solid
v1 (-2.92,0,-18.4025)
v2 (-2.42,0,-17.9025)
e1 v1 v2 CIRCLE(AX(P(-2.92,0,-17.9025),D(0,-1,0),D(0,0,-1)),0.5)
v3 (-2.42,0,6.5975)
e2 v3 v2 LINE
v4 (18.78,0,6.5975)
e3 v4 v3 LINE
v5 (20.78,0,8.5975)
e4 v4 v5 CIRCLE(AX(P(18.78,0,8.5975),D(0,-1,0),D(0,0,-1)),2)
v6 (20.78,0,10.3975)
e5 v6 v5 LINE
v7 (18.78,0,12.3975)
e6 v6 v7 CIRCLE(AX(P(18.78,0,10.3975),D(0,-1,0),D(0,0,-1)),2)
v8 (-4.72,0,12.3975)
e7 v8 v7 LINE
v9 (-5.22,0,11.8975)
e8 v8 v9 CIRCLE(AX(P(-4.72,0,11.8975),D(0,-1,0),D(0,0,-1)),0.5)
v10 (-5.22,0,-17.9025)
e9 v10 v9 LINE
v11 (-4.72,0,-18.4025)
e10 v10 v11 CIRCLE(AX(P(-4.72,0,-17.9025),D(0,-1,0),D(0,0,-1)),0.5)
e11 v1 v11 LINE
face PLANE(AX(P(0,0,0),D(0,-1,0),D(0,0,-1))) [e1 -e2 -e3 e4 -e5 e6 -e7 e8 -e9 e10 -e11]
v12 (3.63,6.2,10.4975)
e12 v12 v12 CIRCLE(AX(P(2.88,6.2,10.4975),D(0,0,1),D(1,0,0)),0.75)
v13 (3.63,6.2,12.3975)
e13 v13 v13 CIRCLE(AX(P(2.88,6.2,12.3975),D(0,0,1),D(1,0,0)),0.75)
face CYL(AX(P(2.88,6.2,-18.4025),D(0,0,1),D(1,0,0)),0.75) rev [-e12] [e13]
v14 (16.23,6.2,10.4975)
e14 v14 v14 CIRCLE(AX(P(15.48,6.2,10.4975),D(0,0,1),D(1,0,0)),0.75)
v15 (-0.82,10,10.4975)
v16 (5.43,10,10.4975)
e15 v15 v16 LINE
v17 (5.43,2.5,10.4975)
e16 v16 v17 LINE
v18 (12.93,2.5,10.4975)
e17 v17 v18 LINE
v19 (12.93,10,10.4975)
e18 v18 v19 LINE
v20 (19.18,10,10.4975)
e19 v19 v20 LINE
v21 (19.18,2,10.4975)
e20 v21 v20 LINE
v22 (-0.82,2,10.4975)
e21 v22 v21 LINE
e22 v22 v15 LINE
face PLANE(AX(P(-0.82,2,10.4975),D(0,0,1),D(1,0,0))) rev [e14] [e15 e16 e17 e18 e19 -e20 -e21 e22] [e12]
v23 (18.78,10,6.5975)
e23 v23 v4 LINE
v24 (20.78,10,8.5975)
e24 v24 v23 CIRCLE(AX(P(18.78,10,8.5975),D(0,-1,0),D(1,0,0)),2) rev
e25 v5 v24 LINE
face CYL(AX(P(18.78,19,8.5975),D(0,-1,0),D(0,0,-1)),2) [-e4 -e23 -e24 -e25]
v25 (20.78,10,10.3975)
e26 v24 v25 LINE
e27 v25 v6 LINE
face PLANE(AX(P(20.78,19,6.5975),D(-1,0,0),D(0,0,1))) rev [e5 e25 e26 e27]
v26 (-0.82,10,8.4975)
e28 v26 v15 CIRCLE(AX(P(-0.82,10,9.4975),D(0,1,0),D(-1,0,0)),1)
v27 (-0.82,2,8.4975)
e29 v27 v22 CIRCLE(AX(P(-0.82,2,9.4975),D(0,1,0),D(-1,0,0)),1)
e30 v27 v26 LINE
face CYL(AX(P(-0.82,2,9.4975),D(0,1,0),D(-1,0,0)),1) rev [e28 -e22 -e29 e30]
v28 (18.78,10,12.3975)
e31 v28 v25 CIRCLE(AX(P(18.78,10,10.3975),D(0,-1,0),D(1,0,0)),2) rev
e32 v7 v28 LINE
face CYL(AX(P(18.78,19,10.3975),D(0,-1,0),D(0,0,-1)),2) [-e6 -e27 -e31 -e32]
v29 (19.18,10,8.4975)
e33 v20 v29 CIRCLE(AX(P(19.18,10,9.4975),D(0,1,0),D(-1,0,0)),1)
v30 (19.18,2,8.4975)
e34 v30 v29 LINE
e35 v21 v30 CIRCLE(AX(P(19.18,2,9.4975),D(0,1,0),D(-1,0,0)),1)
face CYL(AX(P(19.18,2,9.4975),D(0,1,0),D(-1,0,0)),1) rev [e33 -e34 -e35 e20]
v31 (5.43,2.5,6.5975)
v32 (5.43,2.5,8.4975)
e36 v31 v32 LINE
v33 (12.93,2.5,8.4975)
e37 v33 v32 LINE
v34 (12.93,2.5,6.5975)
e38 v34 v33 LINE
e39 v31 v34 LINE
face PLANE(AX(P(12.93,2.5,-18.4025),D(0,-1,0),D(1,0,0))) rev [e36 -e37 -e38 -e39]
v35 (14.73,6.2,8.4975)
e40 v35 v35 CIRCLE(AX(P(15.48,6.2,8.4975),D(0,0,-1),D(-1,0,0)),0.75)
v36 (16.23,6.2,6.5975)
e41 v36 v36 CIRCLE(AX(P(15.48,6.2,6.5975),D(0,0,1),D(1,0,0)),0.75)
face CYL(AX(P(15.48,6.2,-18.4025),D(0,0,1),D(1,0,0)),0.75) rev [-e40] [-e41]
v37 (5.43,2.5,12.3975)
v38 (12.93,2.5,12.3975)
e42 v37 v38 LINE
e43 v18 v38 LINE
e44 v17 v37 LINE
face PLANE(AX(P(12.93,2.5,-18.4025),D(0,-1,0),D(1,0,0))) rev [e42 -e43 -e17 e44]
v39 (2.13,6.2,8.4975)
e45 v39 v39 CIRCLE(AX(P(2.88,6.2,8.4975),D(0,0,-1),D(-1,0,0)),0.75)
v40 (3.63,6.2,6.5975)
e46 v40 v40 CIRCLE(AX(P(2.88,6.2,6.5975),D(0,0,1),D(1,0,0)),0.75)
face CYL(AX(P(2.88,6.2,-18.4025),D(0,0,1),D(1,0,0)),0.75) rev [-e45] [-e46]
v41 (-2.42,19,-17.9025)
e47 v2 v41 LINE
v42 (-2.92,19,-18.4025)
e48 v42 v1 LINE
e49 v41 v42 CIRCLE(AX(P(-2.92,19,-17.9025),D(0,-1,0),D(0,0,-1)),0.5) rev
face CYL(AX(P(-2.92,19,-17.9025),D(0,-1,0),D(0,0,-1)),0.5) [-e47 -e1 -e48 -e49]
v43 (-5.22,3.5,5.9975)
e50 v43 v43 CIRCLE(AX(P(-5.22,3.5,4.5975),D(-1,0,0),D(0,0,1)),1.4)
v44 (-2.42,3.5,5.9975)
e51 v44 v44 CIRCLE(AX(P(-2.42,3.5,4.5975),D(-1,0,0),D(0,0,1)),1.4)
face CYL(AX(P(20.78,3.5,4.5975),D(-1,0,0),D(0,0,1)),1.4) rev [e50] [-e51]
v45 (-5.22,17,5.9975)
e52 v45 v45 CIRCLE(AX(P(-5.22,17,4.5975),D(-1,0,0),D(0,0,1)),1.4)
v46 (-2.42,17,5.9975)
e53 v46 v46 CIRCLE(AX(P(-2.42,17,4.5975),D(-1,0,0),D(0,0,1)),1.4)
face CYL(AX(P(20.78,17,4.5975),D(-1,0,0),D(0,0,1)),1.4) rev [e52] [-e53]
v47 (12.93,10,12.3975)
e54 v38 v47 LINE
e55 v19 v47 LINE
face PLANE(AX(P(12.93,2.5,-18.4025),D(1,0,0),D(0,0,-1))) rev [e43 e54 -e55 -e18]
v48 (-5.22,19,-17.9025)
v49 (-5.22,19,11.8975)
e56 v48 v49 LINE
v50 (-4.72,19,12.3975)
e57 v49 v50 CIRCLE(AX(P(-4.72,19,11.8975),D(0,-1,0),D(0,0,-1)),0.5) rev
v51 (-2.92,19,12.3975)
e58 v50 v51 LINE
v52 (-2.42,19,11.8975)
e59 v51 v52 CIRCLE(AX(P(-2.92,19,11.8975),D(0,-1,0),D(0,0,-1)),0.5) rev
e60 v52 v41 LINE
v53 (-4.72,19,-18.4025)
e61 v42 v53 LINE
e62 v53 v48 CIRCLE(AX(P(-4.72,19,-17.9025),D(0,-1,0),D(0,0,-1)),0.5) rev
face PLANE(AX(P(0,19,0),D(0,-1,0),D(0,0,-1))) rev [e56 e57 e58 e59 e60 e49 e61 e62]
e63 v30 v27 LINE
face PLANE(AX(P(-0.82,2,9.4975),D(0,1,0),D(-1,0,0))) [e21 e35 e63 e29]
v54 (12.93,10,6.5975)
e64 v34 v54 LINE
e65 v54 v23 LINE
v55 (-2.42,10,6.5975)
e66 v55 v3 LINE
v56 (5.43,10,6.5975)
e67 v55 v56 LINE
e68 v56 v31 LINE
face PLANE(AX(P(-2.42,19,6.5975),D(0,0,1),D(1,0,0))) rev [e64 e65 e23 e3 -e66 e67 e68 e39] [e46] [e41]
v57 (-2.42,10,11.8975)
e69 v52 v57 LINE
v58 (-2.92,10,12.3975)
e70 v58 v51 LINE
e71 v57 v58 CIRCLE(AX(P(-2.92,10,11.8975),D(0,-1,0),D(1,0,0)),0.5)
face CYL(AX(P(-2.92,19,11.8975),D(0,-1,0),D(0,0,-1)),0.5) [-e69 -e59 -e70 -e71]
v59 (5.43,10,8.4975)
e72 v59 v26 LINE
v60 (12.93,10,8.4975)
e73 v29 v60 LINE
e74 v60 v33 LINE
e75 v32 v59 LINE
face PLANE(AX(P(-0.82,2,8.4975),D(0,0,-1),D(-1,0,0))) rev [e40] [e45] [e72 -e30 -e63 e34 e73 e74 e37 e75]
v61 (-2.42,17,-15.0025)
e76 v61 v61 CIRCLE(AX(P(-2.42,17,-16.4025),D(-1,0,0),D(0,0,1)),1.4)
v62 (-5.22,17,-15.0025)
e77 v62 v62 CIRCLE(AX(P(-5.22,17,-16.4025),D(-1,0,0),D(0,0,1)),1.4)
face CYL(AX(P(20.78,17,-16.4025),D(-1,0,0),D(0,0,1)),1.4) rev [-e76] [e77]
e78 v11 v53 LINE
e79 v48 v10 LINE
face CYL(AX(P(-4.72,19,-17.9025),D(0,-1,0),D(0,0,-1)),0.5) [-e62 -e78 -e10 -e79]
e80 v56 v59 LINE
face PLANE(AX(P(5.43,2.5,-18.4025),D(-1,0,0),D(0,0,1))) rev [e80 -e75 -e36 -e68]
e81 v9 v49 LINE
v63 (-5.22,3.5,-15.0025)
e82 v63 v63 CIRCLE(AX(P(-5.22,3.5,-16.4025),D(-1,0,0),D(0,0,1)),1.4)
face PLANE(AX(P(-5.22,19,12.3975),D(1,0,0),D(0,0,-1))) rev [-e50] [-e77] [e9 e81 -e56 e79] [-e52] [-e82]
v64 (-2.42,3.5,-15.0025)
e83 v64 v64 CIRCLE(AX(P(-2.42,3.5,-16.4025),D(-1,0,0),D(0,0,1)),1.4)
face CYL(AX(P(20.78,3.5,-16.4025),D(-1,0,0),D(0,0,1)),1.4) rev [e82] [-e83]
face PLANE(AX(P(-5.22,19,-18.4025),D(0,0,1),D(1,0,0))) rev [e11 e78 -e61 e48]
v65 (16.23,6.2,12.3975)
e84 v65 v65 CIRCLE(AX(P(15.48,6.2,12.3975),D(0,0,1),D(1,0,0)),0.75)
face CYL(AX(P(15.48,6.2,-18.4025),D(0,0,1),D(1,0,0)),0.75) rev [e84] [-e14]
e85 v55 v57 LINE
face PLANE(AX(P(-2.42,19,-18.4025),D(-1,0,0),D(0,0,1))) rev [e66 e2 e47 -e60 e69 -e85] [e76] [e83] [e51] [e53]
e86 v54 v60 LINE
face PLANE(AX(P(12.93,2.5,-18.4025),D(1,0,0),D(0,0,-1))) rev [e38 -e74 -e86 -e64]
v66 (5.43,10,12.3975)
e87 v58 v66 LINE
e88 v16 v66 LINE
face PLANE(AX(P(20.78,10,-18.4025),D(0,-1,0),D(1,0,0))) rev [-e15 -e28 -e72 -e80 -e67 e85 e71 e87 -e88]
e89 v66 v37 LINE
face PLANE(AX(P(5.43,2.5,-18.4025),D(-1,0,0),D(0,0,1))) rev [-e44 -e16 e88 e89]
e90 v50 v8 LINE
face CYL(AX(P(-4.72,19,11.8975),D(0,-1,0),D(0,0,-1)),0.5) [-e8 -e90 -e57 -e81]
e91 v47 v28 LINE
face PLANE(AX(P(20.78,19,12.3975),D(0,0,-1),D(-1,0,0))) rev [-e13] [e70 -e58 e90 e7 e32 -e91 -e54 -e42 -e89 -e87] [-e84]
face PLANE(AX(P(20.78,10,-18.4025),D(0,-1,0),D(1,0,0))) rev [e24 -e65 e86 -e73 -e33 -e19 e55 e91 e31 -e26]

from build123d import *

# Parameters (mm, degrees)
EXTRUDE_1_DEPTH     = 19
SKETCH_3_W          = 23.2
SKETCH_3_H          = 9
CUT_EXTRUDE_2_DEPTH = 31.8
CUT_EXTRUDE_3_DEPTH = 8
SKETCH_5_W          = 7.5
SKETCH_5_H          = 7.5
CUT_EXTRUDE_4_DEPTH = 31.8
SKETCH_6_R          = 1.4
CUT_EXTRUDE_5_DEPTH = 27
SKETCH_7_R          = 0.75
CUT_EXTRUDE_6_DEPTH = 31.8
FILLET_2_R          = 0.5
FILLET_3_R          = 2
FILLET_4_R          = 0.5


with BuildPart() as part:
    # 草图1 → 凸台-拉伸1 (new body)
    with BuildSketch(Plane(origin=(0, 0, 0), x_dir=(1, 0, 0), z_dir=(0, 1, 0))):
        Polygon((-5.22, 18.4025), (-2.42, 18.4025), (-2.42, -6.5975), (20.78, -6.5975), (20.78, -12.3975), (-5.22, -12.3975), align=None)
    extrude(amount=EXTRUDE_1_DEPTH)

    # 草图3 → 切除-拉伸2 (cut, through all)
    with BuildSketch(Plane.XY.offset(12.3975)):
        with Locations((9.18, 14.5)):
            Rectangle(SKETCH_3_W, SKETCH_3_H)
    extrude(amount=-CUT_EXTRUDE_2_DEPTH, mode=Mode.SUBTRACT)

    # 草图4 → 切除-拉伸3 (cut)
    with BuildSketch(Plane(origin=(0, 10, 0), x_dir=(1, 0, 0), z_dir=(0, 1, 0))):
        with BuildLine():
            Line((-0.82, -8.4975), (19.18, -8.4975))
            ThreePointArc((19.18, -8.4975), (20.18, -9.4975), (19.18, -10.4975))
            Line((19.18, -10.4975), (-0.82, -10.4975))
            ThreePointArc((-0.82, -10.4975), (-1.82, -9.4975), (-0.82, -8.4975))
        make_face()
    extrude(amount=-CUT_EXTRUDE_3_DEPTH, mode=Mode.SUBTRACT)

    # 草图5 → 切除-拉伸4 (cut, through all)
    with BuildSketch(Plane.XY.offset(12.3975)):
        with Locations((9.18, 6.25)):
            Rectangle(SKETCH_5_W, SKETCH_5_H)
    extrude(amount=-CUT_EXTRUDE_4_DEPTH, mode=Mode.SUBTRACT)

    # 草图6 → 切除-拉伸5 (cut, through all)
    with BuildSketch(Plane.ZY.offset(5.22)):
        with Locations((-16.4025, 17)):
            Circle(SKETCH_6_R)
        with Locations((4.5975, 17)):
            Circle(SKETCH_6_R)
        with Locations((-16.4025, 3.5)):
            Circle(SKETCH_6_R)
        with Locations((4.5975, 3.5)):
            Circle(SKETCH_6_R)
    extrude(amount=-CUT_EXTRUDE_5_DEPTH, mode=Mode.SUBTRACT)

    # 草图7 → 切除-拉伸6 (cut, through all)
    with BuildSketch(Plane.XY.offset(12.3975)):
        with Locations((2.88, 6.2)):
            Circle(SKETCH_7_R)
        with Locations((15.48, 6.2)):
            Circle(SKETCH_7_R)
    extrude(amount=-CUT_EXTRUDE_6_DEPTH, mode=Mode.SUBTRACT)

    # 圆角2
    fillet_2_edges = [part.edges().sort_by_distance(p)[0] for p in [
        (-5.22, 9.5, -18.4025),
        (-2.42, 9.5, -18.4025),
        (-5.22, 9.5, 12.3975),
    ]]
    fillet(fillet_2_edges, radius=FILLET_2_R)

    # 圆角3
    fillet_3_edges = [part.edges().sort_by_distance(p)[0] for p in [
        (20.78, 5, 6.5975),
        (20.78, 5, 12.3975),
    ]]
    fillet(fillet_3_edges, radius=FILLET_3_R)

    # 圆角4
    fillet_4_edges = [part.edges().sort_by_distance(p)[0] for p in [
        (-2.42, 14.5, 12.3975),
    ]]
    fillet(fillet_4_edges, radius=FILLET_4_R)


solid = part.part
